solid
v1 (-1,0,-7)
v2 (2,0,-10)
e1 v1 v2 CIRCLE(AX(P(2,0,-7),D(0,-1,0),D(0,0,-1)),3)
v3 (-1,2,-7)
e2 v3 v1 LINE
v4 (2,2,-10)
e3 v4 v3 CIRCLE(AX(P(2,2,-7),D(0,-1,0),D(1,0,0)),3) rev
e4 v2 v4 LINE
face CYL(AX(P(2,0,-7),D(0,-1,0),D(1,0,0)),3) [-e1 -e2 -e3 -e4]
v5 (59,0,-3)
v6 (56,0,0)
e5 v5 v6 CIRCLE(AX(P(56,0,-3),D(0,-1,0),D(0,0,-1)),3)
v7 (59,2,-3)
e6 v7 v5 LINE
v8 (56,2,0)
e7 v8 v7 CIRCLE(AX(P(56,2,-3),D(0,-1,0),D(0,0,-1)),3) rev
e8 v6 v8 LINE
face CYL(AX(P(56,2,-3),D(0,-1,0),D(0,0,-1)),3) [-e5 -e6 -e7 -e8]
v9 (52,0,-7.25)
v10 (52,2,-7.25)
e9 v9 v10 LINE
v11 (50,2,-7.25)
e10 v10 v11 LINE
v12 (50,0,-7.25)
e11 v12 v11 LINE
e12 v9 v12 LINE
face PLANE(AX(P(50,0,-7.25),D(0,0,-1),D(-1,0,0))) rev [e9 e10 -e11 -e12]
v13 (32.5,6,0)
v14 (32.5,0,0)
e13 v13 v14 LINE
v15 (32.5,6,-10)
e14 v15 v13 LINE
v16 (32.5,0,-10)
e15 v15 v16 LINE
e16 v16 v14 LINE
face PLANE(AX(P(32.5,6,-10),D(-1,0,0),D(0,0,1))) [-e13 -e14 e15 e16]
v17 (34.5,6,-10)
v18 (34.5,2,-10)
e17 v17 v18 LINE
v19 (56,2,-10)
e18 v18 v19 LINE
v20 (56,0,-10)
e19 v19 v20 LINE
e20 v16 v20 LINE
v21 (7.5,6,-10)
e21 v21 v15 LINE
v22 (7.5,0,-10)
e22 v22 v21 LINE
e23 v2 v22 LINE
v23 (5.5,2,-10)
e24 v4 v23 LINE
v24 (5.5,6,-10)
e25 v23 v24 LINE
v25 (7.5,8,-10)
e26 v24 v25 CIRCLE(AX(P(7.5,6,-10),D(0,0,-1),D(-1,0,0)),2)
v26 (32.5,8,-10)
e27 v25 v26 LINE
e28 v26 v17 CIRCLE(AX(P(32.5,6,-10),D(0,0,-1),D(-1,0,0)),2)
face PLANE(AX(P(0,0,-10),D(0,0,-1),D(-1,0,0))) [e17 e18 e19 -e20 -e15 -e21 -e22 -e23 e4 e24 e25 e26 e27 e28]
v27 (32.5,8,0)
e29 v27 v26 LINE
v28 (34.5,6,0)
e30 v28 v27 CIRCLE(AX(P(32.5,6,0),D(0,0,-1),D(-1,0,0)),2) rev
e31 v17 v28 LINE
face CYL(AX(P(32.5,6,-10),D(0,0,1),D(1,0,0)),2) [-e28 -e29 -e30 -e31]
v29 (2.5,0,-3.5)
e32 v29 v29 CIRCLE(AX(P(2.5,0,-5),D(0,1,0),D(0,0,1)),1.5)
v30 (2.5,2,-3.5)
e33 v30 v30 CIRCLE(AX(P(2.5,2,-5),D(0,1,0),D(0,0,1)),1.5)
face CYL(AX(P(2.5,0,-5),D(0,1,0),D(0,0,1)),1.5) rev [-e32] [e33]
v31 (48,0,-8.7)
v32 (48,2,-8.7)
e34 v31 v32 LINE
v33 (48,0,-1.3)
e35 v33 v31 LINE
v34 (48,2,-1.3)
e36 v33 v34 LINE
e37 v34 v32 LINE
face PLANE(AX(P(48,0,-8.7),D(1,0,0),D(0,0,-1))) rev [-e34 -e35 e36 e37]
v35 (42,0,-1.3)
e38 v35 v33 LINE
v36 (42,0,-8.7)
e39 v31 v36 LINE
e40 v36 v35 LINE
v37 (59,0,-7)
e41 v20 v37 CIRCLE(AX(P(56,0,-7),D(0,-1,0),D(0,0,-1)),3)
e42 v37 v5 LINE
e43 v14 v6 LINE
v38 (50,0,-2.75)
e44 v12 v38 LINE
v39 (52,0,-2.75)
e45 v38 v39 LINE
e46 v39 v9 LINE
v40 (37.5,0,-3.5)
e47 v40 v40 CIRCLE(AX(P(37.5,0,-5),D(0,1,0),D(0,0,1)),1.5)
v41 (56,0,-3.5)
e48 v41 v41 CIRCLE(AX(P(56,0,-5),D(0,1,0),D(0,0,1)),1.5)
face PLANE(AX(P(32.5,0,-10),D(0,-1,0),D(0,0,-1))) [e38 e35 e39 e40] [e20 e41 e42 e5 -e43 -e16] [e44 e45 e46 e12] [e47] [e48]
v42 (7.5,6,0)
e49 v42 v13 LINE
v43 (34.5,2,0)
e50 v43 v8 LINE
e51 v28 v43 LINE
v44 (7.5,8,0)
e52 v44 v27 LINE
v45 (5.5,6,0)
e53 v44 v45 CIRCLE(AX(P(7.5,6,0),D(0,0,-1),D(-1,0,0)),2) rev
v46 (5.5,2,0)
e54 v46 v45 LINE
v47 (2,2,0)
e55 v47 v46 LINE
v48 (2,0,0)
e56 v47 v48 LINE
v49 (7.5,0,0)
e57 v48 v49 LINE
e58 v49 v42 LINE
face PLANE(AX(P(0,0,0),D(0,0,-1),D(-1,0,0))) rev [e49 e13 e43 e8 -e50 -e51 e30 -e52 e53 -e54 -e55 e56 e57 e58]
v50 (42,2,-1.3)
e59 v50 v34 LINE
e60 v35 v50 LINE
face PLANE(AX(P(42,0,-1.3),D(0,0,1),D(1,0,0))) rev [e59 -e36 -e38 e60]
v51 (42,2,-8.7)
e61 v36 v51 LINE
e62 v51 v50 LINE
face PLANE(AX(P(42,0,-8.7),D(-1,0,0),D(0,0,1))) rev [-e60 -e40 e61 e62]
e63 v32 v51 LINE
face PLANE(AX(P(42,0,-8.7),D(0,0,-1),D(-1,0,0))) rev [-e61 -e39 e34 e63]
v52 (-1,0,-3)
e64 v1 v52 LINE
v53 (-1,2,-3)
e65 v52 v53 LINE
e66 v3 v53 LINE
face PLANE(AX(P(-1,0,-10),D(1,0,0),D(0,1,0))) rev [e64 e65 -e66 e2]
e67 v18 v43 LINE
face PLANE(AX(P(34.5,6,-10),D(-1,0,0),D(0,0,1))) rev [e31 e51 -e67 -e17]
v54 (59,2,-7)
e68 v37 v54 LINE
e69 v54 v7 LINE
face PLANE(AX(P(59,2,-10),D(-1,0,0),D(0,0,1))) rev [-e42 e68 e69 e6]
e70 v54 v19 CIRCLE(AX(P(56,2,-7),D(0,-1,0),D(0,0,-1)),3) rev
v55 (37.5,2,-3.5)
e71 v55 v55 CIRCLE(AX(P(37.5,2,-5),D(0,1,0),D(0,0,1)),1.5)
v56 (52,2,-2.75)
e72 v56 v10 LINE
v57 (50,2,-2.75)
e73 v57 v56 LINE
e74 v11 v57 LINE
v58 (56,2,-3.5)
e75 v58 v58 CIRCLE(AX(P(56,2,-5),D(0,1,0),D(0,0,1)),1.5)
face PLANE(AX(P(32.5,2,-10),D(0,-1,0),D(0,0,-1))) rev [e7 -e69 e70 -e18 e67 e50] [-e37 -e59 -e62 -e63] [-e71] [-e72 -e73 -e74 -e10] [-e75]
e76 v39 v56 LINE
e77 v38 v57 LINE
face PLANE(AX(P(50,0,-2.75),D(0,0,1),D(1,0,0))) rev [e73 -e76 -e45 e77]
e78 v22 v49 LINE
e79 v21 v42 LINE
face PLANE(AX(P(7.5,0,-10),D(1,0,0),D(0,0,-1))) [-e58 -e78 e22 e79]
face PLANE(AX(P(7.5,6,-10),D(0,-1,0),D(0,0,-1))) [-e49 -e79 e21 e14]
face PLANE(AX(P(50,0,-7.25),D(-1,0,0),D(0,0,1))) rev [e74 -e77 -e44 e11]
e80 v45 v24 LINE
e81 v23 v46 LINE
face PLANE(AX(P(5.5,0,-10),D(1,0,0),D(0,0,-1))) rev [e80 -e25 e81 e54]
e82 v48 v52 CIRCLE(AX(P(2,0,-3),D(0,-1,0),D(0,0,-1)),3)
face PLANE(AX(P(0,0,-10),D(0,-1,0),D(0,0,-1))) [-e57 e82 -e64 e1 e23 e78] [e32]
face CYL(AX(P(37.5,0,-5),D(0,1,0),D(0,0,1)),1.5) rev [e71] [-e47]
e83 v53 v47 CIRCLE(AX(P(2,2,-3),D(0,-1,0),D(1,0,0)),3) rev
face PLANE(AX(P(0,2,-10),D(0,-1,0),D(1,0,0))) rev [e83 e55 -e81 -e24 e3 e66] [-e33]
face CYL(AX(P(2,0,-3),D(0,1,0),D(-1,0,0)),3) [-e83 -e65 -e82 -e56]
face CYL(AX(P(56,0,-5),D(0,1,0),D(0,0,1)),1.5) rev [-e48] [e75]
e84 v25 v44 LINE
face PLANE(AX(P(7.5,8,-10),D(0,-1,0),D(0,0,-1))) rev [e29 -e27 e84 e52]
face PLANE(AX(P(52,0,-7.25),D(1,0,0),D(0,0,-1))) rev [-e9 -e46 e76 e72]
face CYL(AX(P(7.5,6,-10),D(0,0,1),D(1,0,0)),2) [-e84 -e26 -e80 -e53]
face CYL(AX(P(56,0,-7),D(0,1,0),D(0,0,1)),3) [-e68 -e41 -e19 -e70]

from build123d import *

# Parameters (mm, degrees)
EXTRUIR_L_MINA1_DEPTH = 10
CROQUIS2_R            = 1.5
CORTAR_EXTRUIR1_DEPTH = 61.141499815
REDONDEO2_R           = 3
REDONDEO3_R           = 2
CROQUIS3_W            = 6
CROQUIS3_H            = 7.4
CROQUIS3_W_2          = 2
CROQUIS3_H_2          = 4.5
CORTAR_EXTRUIR2_DEPTH = 61.141499815


with BuildPart() as part:
    # Croquis1 → Extruir-Lámina1 (new body)
    with BuildSketch(Plane.XY):
        Polygon((-1, 0), (0, 0), (7.5, 0), (7.5, 6), (32.5, 6), (32.5, 0), (41.5, 0), (59, 0), (59, 2), (41.5, 2), (34.5, 2), (34.5, 8), (5.5, 8), (5.5, 2), (0, 2), (-1, 2), align=None)
    extrude(amount=-EXTRUIR_L_MINA1_DEPTH)

    # Croquis2 → Cortar-Extruir1 (cut, through all)
    with BuildSketch(Plane(origin=(0, 2, 0), x_dir=(1, 0, 0), z_dir=(0, 1, 0))):
        with Locations(Location((2.5, 5, 0), (0, 0, 270))):
            Circle(CROQUIS2_R)
        with Locations(Location((37.5, 5, 0), (0, 0, 270))):
            Circle(CROQUIS2_R)
        with Locations(Location((56, 5, 0), (0, 0, 270))):
            Circle(CROQUIS2_R)
    extrude(amount=-CORTAR_EXTRUIR1_DEPTH, mode=Mode.SUBTRACT)

    # Redondeo2
    redondeo2_edges = [part.edges().sort_by_distance(p)[0] for p in [
        (-1, 1, 0),
        (59, 1, 0),
        (-1, 1, -10),
        (59, 1, -10),
    ]]
    fillet(redondeo2_edges, radius=REDONDEO2_R)

    # Redondeo3
    redondeo3_edges = [part.edges().sort_by_distance(p)[0] for p in [
        (5.5, 8, -5),
        (34.5, 8, -5),
    ]]
    fillet(redondeo3_edges, radius=REDONDEO3_R)

    # Croquis3 → Cortar-Extruir2 (cut, through all)
    with BuildSketch(Plane(origin=(0, 2, 0), x_dir=(1, 0, 0), z_dir=(0, 1, 0))):
        with Locations((45, 5)):
            Rectangle(CROQUIS3_W, CROQUIS3_H)
        with Locations((51, 5)):
            Rectangle(CROQUIS3_W_2, CROQUIS3_H_2)
    extrude(amount=-CORTAR_EXTRUIR2_DEPTH, mode=Mode.SUBTRACT)


solid = part.part
